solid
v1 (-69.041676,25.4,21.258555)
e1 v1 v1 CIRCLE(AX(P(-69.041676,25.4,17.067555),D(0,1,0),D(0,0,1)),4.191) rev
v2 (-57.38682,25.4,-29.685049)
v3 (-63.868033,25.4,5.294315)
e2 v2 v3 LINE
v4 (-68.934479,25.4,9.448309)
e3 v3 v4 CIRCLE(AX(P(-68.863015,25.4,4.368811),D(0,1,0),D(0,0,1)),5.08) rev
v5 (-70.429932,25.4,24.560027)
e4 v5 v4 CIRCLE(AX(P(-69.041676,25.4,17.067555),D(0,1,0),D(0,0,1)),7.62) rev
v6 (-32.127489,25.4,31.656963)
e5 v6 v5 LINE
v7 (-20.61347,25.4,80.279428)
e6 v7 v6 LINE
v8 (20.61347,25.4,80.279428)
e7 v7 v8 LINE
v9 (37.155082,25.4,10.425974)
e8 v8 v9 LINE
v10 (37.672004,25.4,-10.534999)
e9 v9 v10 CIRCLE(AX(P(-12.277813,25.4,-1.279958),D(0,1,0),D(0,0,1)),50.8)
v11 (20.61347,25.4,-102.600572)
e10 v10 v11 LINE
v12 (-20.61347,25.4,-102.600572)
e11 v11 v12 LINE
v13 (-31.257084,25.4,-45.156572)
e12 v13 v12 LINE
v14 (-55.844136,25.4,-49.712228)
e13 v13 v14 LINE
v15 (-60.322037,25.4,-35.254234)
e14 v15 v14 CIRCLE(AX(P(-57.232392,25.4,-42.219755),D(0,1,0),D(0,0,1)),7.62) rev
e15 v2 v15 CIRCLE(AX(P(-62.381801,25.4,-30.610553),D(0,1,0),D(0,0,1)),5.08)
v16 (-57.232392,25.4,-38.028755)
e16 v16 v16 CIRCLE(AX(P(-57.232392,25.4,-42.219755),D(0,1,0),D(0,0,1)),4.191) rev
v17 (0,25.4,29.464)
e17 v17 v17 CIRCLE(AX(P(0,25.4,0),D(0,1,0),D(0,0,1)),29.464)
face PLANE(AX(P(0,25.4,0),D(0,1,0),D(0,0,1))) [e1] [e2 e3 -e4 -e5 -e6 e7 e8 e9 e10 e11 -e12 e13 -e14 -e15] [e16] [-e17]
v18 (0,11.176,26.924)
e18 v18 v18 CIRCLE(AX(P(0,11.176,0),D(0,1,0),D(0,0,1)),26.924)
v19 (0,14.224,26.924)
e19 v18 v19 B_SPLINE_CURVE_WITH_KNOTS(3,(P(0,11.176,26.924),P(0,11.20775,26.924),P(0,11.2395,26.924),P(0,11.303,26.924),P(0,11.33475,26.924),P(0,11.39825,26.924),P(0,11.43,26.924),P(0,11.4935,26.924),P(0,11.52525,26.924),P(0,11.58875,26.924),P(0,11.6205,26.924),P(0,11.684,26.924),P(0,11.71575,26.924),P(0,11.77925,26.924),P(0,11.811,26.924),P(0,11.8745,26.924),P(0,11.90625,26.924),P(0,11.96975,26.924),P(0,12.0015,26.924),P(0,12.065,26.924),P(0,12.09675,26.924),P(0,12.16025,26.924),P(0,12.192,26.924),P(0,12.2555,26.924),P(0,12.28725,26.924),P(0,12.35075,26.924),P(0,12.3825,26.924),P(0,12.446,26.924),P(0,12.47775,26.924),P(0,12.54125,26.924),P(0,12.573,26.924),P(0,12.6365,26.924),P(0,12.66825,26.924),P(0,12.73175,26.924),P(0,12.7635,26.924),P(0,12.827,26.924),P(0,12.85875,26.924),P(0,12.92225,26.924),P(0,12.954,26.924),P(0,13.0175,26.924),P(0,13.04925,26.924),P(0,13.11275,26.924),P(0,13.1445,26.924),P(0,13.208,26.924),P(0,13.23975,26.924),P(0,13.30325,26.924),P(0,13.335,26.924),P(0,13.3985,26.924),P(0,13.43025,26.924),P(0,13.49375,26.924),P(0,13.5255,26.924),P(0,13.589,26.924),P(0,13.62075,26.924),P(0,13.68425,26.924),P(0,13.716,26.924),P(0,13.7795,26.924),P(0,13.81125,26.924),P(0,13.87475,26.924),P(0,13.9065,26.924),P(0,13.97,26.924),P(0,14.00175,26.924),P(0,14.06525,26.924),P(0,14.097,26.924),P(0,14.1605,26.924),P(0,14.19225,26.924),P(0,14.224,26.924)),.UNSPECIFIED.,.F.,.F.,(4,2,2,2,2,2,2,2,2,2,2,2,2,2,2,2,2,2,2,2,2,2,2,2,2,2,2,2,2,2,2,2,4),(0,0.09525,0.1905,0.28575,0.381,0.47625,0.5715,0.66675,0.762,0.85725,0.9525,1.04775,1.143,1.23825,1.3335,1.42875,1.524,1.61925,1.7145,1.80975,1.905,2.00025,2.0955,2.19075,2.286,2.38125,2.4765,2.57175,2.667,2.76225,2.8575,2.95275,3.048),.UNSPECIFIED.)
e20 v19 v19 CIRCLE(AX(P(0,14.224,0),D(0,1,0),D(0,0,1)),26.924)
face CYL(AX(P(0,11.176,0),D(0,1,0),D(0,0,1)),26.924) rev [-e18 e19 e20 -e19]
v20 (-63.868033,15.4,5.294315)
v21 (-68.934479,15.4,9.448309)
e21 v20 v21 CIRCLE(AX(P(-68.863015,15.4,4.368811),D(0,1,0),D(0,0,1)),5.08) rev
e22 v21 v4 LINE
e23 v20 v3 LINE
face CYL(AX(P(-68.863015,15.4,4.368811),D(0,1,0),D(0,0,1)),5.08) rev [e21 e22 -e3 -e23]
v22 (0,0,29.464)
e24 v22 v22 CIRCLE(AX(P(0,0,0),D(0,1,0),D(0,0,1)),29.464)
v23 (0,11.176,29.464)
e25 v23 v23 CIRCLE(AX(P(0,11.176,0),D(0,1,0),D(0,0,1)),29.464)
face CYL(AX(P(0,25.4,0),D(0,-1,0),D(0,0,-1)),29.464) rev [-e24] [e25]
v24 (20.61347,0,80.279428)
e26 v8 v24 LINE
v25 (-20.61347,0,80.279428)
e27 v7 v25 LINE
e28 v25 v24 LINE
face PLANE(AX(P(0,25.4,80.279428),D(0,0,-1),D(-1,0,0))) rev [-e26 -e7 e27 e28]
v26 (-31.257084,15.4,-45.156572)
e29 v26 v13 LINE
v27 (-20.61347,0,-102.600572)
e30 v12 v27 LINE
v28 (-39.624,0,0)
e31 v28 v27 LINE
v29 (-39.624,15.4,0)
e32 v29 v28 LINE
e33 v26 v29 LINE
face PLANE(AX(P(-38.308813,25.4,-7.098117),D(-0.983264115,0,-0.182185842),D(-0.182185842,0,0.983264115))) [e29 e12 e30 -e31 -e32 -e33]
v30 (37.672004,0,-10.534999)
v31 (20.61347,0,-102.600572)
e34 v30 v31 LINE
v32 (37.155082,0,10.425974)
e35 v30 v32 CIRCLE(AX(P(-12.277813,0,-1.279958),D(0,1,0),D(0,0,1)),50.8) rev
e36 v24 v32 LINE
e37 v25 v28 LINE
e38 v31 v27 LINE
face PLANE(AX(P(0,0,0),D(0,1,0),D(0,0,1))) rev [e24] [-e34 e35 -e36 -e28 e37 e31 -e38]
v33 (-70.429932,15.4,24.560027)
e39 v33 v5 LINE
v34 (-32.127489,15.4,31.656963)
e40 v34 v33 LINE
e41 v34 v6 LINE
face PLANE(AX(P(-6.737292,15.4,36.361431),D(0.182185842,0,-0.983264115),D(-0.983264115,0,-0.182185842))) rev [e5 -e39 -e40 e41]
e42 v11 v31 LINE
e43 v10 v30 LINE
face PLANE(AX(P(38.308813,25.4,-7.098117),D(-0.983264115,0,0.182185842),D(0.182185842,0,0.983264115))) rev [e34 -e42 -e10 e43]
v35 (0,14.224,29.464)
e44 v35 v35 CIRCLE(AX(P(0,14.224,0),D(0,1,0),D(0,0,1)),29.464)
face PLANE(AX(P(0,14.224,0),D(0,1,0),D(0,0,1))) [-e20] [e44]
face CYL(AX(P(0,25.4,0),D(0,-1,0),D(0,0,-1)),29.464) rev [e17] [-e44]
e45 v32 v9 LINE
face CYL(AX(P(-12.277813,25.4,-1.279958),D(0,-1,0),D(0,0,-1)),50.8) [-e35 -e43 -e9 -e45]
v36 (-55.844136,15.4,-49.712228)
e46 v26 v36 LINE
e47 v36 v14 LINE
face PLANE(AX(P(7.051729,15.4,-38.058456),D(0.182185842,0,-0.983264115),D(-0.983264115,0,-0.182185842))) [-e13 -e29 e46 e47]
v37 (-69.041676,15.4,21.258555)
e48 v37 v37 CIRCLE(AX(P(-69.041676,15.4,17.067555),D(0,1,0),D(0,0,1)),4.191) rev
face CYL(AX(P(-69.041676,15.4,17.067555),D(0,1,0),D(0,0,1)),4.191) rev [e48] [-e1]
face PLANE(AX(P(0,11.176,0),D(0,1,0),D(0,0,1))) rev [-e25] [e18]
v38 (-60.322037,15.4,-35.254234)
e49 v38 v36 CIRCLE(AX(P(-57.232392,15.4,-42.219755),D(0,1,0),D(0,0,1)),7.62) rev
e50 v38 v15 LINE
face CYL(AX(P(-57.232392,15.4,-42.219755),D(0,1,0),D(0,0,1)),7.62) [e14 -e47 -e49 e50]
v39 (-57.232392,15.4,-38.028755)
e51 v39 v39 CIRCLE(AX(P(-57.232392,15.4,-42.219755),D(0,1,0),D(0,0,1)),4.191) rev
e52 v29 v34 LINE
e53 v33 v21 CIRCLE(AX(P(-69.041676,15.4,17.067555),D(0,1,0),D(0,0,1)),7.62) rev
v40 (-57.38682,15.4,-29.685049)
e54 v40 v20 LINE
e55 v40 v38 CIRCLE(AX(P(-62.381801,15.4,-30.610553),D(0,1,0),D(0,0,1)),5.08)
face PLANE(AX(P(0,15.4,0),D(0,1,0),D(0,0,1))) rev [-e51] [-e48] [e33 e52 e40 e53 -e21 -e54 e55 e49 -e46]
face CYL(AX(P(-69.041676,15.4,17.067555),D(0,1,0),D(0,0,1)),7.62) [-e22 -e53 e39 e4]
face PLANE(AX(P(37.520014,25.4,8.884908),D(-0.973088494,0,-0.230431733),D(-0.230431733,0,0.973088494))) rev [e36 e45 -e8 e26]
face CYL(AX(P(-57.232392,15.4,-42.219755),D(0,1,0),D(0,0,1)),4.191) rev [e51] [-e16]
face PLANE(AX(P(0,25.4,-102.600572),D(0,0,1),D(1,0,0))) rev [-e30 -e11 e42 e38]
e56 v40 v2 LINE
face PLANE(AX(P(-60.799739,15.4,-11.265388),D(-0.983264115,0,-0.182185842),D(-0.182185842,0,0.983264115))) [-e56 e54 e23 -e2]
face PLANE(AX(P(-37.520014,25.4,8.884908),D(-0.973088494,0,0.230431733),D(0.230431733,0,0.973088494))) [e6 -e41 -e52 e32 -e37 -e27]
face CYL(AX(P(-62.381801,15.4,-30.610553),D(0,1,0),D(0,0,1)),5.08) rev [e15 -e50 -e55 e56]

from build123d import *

# Parameters (mm, degrees)
SKETCH1_R                      = 29.464
BASE_DEPTH                     = 25.4
FILLET2_R                      = 50.8
BOSS_EXTRUDE3_DEPTH            = 10
MID_FEATURE_BEARING_DEPTH      = 1.524
MID_FEATURE_BEARING_DEPTH_BACK = 1.524
SKETCH8_R                      = 29.464
SKETCH8_R_2                    = 26.924


with BuildPart() as part:
    # Sketch1 → Base (new body)
    with BuildSketch(Plane(origin=(0, 0, 0), x_dir=(1, 0, 0), z_dir=(0, 1, 0))):
        Polygon((-20.613470334, -80.279427719), (20.613470334, -80.279427719), (39.624, 0), (20.613470334, 102.600572281), (-20.613470334, 102.600572281), (-39.624, 0), align=None)
        with Locations(Location((0, 0, 0), (0, 0, 270))):
            Circle(SKETCH1_R, mode=Mode.SUBTRACT)
    extrude(amount=BASE_DEPTH)

    # Fillet2
    fillet2_edges = [part.edges().sort_by_distance(p)[0] for p in [
        (39.624, 12.7, 0),
    ]]
    fillet(fillet2_edges, radius=FILLET2_R)

    # Sketch3 → Boss-Extrude3 (add)
    with BuildSketch(Plane(origin=(0, 25.4, 0), x_dir=(-1, 0, 0), z_dir=(0, -1, 0))):
        with BuildLine():
            Line((51.614471231, 48.928527053), (31.257084114, 45.156572344))
            Line((31.257084114, 45.156572344), (39.624, 0))
            Line((39.624, 0), (32.127488633, -31.65696343))
            Line((32.127488633, -31.65696343), (66.470159483, -25.293720531))
            ThreePointArc((66.470159483, -25.293720531), (67.22595128, -23.21046907), (67.916469509, -21.10468122))
            ThreePointArc((67.916469509, -21.10468122), (64.973148378, -16.061787909), (69.92712938, -12.971159419))
            ThreePointArc((69.92712938, -12.971159419), (70.219719772, -11.280308293), (70.471431194, -9.582890245))
            ThreePointArc((70.471431194, -9.582890245), (69.706370171, -9.476600605), (68.934479365, -9.448308557))
            ThreePointArc((68.934479365, -9.448308557), (65.642119146, -8.297198831), (63.868033442, -5.294315329))
            Line((63.868033442, -5.294315329), (57.38681967, 29.685048936))
            ThreePointArc((57.38681967, 29.685048936), (57.887770412, 32.979114965), (60.322037489, 35.25423396))
            ThreePointArc((60.322037489, 35.25423396), (60.883831005, 35.531602368), (61.420938914, 35.854186128))
            ThreePointArc((61.420938914, 35.854186128), (60.538035517, 37.32560322), (59.61988942, 38.775290915))
            ThreePointArc((59.61988942, 38.775290915), (53.859768583, 39.731805511), (54.646150047, 45.517608517))
            ThreePointArc((54.646150047, 45.517608517), (53.157675832, 47.247390405), (51.614471231, 48.928527053))
        make_face()
        with BuildLine():
            Line((55.84413555, 49.712227935), (51.614471231, 48.928527053))
            ThreePointArc((51.614471231, 48.928527053), (53.157675832, 47.247390405), (54.646150047, 45.517608517))
            ThreePointArc((54.646150047, 45.517608517), (59.06617769, 45.988270979), (61.423391664, 42.219755382))
            ThreePointArc((61.423391664, 42.219755382), (60.945239903, 40.275728903), (59.61988942, 38.775290915))
            ThreePointArc((59.61988942, 38.775290915), (60.538035517, 37.32560322), (61.420938914, 35.854186128))
            ThreePointArc((61.420938914, 35.854186128), (64.301460789, 45.064515776), (55.84413555, 49.712227935))
        make_face()
        with BuildLine():
            ThreePointArc((67.916469509, -21.10468122), (67.22595128, -23.21046907), (66.470159483, -25.293720531))
            Line((66.470159483, -25.293720531), (70.42993181, -24.560027067))
            ThreePointArc((70.42993181, -24.560027067), (76.661646445, -17.088668302), (70.471431194, -9.582890245))
            ThreePointArc((70.471431194, -9.582890245), (70.219719772, -11.280308293), (69.92712938, -12.971159419))
            ThreePointArc((69.92712938, -12.971159419), (72.303225741, -14.435678319), (73.232675696, -17.067554514))
            ThreePointArc((73.232675696, -17.067554514), (71.576309977, -20.405234856), (67.916469509, -21.10468122))
        make_face()
    extrude(amount=BOSS_EXTRUDE3_DEPTH)

    # Sketch8 → mid-feature bearing (add, two sides: drawn at the far end of the back side and taken through both)
    with BuildSketch(Plane(origin=(0, 12.7, 0), x_dir=(1, 0, 0), z_dir=(0, 1, 0)).offset(-MID_FEATURE_BEARING_DEPTH_BACK)):
        with Locations(Location((0, 0, 0), (0, 0, 270))):
            Circle(SKETCH8_R)
        with Locations(Location((0, 0, 0), (0, 0, 270))):
            Circle(SKETCH8_R_2, mode=Mode.SUBTRACT)
    extrude(amount=MID_FEATURE_BEARING_DEPTH + MID_FEATURE_BEARING_DEPTH_BACK)


solid = part.part
